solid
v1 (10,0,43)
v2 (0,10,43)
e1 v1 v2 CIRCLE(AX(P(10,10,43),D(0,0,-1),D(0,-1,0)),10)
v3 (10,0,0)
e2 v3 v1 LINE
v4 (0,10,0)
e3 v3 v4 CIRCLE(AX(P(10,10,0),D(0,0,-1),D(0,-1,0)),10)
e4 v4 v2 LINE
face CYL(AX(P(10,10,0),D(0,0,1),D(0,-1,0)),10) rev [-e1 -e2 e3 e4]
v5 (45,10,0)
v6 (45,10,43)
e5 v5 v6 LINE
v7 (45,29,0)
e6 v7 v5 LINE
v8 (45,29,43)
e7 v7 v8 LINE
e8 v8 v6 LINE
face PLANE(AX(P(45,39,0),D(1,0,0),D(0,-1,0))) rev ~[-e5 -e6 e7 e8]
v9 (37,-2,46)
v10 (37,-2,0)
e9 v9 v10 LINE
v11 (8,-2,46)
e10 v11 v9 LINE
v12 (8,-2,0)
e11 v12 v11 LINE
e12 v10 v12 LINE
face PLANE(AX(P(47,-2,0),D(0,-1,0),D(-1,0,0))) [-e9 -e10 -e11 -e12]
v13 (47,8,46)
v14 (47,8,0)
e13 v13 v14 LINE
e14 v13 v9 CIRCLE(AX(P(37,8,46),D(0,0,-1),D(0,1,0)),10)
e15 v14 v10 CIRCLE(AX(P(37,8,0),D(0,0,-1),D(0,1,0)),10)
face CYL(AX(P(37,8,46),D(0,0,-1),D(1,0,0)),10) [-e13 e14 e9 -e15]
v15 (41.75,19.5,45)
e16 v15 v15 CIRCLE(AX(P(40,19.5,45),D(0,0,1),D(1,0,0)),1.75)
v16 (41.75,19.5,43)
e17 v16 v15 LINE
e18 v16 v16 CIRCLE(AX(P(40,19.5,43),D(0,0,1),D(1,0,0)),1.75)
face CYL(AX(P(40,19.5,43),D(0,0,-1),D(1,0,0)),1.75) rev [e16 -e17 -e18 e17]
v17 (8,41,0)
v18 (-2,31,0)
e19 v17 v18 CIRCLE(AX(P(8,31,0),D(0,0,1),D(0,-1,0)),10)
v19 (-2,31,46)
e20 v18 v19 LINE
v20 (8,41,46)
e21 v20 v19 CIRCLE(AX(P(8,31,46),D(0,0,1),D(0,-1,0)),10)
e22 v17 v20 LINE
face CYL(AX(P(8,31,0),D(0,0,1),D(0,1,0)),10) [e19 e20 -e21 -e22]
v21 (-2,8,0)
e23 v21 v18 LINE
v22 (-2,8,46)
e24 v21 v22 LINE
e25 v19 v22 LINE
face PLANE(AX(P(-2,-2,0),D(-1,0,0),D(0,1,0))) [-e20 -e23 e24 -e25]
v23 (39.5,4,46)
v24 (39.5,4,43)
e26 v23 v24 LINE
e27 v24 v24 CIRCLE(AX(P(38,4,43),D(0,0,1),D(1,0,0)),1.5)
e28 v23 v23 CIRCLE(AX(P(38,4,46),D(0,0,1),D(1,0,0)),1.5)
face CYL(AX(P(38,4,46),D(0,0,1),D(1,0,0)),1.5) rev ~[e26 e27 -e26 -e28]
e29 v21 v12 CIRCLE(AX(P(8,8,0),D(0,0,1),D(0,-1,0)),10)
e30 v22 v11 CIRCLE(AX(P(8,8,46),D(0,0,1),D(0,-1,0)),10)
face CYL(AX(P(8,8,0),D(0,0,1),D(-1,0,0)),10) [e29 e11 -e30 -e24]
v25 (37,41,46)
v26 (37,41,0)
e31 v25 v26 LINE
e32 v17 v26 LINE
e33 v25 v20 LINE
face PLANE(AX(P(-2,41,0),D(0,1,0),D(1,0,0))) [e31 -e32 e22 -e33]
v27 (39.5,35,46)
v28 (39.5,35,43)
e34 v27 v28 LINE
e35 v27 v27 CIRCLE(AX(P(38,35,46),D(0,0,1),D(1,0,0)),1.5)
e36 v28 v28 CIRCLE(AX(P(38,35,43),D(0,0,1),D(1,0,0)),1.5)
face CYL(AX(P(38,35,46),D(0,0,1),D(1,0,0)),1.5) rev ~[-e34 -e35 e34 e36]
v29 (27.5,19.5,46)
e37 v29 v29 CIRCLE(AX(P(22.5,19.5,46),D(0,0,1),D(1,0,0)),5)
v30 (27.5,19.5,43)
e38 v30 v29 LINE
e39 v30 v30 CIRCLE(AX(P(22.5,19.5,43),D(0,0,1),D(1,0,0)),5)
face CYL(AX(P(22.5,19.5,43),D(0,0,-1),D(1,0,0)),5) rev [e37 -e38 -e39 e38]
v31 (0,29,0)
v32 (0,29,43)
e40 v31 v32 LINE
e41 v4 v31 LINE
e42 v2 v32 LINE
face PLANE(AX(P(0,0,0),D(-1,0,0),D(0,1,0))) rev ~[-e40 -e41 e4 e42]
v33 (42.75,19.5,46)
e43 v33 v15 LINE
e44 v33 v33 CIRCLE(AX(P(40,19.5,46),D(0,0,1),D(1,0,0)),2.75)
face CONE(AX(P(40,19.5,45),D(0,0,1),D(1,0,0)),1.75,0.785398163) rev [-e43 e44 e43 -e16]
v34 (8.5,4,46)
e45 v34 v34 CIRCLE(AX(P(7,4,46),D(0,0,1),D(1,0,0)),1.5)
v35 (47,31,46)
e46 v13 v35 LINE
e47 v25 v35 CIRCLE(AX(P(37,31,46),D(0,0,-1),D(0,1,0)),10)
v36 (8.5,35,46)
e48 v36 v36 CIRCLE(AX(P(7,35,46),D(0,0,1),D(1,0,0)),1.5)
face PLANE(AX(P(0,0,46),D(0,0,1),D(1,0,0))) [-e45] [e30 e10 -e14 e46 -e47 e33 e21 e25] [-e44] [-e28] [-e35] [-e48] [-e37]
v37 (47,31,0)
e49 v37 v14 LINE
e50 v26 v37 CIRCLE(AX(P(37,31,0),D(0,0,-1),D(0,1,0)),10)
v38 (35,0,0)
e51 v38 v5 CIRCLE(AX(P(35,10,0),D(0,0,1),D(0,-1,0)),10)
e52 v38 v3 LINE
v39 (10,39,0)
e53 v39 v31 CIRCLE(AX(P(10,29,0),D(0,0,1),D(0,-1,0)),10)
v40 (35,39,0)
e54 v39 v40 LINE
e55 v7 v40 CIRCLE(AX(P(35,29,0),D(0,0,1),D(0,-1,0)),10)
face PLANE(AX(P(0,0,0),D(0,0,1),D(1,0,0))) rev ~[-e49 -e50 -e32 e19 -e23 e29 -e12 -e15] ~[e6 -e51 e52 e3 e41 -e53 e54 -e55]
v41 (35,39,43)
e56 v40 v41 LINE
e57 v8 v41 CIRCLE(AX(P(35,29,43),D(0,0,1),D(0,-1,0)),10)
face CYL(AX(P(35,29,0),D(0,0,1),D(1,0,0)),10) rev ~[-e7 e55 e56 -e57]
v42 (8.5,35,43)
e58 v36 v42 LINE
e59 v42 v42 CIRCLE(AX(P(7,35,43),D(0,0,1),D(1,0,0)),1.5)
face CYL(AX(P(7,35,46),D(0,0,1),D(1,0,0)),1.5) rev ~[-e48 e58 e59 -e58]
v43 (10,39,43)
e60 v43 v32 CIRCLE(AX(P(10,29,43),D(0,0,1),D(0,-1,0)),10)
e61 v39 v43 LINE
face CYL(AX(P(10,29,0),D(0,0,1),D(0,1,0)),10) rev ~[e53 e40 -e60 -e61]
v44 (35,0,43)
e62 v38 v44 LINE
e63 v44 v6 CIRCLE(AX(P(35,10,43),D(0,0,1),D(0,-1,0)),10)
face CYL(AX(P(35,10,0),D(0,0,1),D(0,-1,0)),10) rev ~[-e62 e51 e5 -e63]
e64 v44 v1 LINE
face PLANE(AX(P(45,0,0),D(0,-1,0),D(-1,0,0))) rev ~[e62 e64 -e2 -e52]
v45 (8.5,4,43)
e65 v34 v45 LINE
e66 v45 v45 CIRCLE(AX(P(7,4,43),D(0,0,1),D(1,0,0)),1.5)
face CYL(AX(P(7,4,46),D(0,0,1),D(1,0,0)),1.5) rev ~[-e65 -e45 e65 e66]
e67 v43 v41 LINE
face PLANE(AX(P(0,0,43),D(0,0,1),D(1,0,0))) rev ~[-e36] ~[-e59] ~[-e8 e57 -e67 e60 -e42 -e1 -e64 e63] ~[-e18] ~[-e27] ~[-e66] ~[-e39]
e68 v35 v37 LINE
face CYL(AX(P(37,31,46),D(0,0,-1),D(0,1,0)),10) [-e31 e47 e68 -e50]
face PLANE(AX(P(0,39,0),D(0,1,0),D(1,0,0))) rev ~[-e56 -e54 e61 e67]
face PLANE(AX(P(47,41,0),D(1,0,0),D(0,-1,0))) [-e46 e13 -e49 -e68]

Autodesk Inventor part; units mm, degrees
ref_plane "YZ Plane" through (0, 0, 0) normal (1, 0, 0) x (0, 1, 0)
ref_plane "XZ Plane" through (0, 0, 0) normal (0, 1, 0) x (-1, 0, 0)
ref_plane "XY Plane" through (0, 0, 0) normal (0, 0, 1) x (1, 0, 0)
sketch "Sketch1" plane through (0, 0, 0) normal (0, 0, 1) x (1, 0, 0)
  line L0 (0, 0) -> (0, 39)
  line L1 (0, 39) -> (45, 39)
  line L2 (45, 39) -> (45, 0)
  line L3 (45, 0) -> (0, 0)
  line L4 (0, 39) -> (-2, 39) construction
  line L5 (-2, 39) -> (-2, 41) construction
  line L6 (-2, 41) -> (47, 41)
  line L7 (47, 41) -> (47, -2)
  line L8 (47, -2) -> (-2, -2)
  line L9 (-2, -2) -> (-2, 41)
  dimension "d0" = 39
  dimension "d1" = 45
  dimension "d2" = 2
  dimension "d3" = 2
  dimension "d4" = 49
  dimension "d5" = 43
  dimension "d6" = 49
extrude "Extrusion1" add sketch "Sketch1" along normal blind 43
sketch "Sketch2" plane through (0, 0, 43) normal (0, 0, 1) x (1, 0, 0)
  line L0 (-2, -2) -> (47, 41) construction
  line L1 (47, 41) -> (-2, 41)
  line L2 (47, 41) -> (-2, 41) projected
  line L3 (-2, 41) -> (22.5, 19.5) construction
  line L4 (-2, 41) -> (-2, -2)
  line L5 (-2, -2) -> (47, -2)
  line L6 (-2, -2) -> (47, -2) projected
  line L7 (47, -2) -> (47, 41)
  line L8 (-2, 41) -> (47, 41)
  circle A0 centre (22.5, 19.5) radius 5
  line L9 (27.5, 19.5) -> (40, 19.5) construction
  circle A1 centre (40, 19.5) radius 1.75
  point P0 (0, 0)
  dimension "d9" = 10
  dimension "d12" = 12.5
  dimension "d13" = 3.5
  dimension "d14" = 21.5
extrude "Extrusion3" add sketch "Sketch2" along normal blind 3
fillet "Fillet1" radius 10 8 edges at (-2, 41, 23) (0, 39, 21.5) (0, 0, 21.5) (-2, -2, 23) (47, -2, 23) (45, 0, 21.5) (47, 41, 23) (45, 39, 21.5)
chamfer "Chamfer1" distance 1 angle 45 1 edges at (38.25, 19.5, 46)
sketch "Sketch3" plane through (0, 0, 46) normal (0, 0, 1) x (1, 0, 0)
  circle A0 centre (22.5, 19.5) radius 5 construction
  line L0 (22.5, 19.5) -> (22.5, 41) construction
  line L1 (37, 41) -> (8, 41) construction
  line L2 (22.5, 19.5) -> (22.5, -2) construction
  line L3 (8, -2) -> (37, -2) construction
  line L4 (22.5, 19.5) -> (47, 19.5) construction
  line L5 (47, 19.5) -> (22.5, 19.5) construction
  line L6 (-2.181, 19.5) -> (22.5, 19.5) construction
  line L7 (38, 35) -> (38, 4) construction
  line L8 (38, 4) -> (7, 4) construction
  line L9 (7, 4) -> (7, 35) construction
  line L10 (7, 35) -> (38, 35) construction
  line L11 (38, 35) -> (7, 4) construction
  line L12 (38, 4) -> (7, 35) construction
  circle A1 centre (38, 35) radius 1.5
  circle A2 centre (7, 35) radius 1.5
  circle A3 centre (7, 4) radius 1.5
  circle A4 centre (38, 4) radius 1.5
  point P0 (0, 0)
  dimension "d22" = 31
  dimension "d23" = 31
  dimension "d24" = 3
  dimension "d25" = 3
  dimension "d26" = 3
  dimension "d27" = 3
extrude "Extrusion4" cut sketch "Sketch3" against normal blind 57.5
properties part number "Drill-NEMA17_Adapter"
